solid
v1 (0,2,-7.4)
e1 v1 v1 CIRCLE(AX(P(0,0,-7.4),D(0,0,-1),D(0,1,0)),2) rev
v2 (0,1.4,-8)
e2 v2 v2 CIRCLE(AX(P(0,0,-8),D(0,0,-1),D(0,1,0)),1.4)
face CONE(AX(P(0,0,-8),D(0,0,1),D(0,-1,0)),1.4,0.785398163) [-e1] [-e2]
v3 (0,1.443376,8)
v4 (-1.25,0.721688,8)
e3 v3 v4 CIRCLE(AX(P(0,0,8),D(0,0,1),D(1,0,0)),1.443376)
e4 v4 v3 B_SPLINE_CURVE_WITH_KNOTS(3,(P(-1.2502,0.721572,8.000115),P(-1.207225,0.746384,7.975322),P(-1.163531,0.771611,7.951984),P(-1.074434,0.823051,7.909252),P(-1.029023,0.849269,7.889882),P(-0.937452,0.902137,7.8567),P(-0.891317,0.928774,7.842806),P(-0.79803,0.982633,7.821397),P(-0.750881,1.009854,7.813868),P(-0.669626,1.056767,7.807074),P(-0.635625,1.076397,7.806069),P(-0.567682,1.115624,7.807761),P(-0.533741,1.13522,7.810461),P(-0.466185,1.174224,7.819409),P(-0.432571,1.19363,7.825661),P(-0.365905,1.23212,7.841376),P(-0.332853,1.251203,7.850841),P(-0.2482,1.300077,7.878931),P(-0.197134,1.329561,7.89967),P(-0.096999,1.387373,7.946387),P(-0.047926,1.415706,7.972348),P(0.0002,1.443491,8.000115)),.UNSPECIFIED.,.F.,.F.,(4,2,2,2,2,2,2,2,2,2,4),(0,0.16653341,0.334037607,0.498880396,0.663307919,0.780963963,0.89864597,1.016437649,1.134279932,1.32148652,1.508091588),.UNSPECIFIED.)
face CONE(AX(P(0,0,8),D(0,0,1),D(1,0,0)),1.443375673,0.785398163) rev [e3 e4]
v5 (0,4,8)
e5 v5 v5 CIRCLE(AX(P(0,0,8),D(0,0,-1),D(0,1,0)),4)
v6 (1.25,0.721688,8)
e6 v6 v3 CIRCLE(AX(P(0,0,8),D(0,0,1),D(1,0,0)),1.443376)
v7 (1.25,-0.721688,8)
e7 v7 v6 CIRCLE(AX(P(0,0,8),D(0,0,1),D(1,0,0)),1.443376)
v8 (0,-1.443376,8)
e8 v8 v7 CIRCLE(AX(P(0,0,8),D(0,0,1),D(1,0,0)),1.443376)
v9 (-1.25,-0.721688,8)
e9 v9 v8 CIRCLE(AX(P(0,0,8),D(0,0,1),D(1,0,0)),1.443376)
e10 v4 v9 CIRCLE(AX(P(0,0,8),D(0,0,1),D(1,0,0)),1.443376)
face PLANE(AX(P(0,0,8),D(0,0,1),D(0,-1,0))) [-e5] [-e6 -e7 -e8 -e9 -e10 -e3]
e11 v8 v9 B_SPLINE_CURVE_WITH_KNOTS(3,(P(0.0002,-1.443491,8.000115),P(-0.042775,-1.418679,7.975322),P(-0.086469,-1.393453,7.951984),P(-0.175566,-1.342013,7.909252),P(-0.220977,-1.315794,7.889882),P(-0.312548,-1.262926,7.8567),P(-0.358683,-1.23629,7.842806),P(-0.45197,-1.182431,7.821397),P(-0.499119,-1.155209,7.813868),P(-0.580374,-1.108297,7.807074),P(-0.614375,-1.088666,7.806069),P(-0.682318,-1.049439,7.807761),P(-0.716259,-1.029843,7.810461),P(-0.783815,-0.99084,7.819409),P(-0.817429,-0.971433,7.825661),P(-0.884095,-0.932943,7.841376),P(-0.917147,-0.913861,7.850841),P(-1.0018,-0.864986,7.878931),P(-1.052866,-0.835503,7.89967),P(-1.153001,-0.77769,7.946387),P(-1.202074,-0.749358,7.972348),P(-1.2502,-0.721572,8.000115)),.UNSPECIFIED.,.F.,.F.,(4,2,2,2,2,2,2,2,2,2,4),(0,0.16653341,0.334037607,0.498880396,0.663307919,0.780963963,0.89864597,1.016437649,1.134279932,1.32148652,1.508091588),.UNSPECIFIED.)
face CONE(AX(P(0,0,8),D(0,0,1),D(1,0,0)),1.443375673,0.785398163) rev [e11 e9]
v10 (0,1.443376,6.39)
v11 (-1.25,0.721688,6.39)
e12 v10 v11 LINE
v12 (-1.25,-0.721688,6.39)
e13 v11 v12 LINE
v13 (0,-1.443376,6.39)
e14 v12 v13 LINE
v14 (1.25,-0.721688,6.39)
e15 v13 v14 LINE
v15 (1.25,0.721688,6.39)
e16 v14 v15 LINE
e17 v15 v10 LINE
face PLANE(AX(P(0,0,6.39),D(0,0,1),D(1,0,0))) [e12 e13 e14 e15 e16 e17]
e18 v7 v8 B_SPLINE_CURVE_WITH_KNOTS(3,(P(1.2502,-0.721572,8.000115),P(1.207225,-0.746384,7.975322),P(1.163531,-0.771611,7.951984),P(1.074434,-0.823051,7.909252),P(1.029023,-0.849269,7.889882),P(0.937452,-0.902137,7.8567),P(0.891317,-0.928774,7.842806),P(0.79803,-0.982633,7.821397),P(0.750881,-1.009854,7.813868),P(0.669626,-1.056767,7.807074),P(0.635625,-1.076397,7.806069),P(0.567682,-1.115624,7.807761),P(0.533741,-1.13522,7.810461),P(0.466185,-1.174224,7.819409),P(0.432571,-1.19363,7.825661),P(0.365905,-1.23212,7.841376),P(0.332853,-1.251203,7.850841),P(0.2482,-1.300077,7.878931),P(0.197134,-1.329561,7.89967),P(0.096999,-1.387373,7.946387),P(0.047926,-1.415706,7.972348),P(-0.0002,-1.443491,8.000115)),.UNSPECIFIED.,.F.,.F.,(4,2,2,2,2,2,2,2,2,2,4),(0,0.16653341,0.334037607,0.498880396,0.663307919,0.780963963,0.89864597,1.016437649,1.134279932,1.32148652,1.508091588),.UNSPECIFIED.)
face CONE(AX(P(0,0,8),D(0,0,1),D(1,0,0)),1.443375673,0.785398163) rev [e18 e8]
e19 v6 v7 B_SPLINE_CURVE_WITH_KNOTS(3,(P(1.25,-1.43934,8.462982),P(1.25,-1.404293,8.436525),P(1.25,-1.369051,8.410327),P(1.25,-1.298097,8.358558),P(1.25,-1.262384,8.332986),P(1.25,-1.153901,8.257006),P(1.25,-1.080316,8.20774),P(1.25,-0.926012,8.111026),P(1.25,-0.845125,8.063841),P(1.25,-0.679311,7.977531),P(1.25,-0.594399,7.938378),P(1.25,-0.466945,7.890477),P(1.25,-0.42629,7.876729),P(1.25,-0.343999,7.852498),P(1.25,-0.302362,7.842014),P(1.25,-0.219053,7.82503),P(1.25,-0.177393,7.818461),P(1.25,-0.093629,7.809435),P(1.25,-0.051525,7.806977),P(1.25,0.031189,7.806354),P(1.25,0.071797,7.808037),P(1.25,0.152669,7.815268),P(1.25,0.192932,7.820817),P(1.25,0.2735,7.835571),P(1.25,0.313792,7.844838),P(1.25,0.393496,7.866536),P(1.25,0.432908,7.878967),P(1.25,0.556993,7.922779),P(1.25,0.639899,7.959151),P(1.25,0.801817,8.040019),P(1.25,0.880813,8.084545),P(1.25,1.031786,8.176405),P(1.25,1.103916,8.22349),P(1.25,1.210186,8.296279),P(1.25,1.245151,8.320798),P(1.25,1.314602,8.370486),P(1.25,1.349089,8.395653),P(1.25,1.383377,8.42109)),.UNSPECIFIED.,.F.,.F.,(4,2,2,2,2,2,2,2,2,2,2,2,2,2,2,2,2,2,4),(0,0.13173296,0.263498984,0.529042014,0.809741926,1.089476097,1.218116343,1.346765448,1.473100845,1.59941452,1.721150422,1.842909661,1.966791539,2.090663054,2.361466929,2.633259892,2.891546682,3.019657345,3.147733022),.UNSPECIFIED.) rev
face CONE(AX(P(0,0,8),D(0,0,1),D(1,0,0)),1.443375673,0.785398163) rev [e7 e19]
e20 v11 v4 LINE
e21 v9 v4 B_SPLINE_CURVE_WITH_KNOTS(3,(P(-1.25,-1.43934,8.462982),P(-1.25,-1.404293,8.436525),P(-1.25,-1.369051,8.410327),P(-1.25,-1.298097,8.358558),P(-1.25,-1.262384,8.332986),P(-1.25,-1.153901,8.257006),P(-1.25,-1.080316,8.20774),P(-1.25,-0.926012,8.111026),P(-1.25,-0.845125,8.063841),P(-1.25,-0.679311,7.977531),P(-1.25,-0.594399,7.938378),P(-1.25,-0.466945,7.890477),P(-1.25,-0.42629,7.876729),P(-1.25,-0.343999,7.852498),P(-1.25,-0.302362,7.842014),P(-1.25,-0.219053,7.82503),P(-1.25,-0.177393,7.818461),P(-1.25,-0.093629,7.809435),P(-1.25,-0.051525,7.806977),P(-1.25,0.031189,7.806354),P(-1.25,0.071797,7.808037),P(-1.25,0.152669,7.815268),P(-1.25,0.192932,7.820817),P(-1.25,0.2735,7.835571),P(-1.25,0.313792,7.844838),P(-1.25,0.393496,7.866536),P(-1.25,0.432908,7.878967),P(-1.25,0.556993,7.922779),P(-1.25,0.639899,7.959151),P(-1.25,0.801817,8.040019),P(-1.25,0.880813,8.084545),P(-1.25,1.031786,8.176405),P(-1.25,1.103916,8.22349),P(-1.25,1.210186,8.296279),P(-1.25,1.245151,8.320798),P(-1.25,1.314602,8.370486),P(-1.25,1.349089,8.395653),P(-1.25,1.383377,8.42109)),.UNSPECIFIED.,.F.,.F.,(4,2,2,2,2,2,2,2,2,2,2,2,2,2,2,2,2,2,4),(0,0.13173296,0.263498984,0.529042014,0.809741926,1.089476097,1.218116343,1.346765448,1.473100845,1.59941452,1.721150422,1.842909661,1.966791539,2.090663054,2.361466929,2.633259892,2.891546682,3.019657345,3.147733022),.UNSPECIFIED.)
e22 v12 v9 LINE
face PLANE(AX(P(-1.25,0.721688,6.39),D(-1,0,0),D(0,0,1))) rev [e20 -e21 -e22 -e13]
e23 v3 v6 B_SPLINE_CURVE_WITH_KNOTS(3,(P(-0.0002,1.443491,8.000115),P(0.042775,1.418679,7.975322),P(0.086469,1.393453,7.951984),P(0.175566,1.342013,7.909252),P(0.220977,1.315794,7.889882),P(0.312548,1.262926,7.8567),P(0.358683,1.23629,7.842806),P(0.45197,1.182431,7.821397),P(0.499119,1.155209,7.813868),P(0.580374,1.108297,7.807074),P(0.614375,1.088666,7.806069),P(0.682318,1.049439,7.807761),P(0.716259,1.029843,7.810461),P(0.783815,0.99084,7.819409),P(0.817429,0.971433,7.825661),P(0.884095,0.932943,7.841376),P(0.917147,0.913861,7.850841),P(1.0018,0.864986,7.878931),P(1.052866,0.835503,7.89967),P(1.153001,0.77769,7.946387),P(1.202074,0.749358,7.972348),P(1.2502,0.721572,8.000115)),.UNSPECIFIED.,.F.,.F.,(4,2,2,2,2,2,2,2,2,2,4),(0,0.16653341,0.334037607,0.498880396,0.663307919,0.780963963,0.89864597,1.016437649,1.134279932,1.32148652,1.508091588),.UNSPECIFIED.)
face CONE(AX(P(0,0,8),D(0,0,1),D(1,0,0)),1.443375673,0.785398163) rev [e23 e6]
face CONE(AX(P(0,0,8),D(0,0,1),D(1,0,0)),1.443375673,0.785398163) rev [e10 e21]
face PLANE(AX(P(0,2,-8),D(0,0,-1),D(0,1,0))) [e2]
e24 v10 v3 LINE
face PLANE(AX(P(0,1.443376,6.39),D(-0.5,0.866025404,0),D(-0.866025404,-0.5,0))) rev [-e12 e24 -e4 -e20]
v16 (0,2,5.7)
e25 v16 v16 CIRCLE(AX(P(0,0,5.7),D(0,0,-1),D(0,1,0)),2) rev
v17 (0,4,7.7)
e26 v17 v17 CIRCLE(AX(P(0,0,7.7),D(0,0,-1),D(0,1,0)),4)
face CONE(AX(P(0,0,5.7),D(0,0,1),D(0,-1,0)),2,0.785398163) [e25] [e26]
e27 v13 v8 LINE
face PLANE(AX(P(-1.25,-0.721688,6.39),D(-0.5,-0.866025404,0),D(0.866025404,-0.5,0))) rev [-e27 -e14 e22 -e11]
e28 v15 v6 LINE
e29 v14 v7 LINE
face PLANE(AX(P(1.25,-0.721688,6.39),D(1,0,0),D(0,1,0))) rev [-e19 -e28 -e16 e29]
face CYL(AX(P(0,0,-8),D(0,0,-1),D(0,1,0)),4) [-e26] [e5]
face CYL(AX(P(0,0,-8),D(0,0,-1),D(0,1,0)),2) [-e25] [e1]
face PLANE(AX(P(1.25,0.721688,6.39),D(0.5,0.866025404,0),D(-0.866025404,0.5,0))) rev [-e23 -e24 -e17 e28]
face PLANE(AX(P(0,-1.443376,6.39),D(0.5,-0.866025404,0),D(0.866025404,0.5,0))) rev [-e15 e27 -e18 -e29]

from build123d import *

# Parameters (mm, degrees)
SKETCH3_W          = 16
SKETCH3_H          = 2
CHAMFER1_SIZE      = 0.6
CUT_EXTRUDE1_DEPTH = 1.61
SKETCH9_R          = 1.443375673
CUT_EXTRUDE2_DEPTH = 1.61
CUT_EXTRUDE2_DRAFT = -45


with BuildPart() as part:
    # Sketch3 → Revolve1 (revolve)
    with BuildSketch(Plane(origin=(0, 0, 0), x_dir=(0, 0, -1), z_dir=(1, 0, 0))):
        with Locations((0, 1)):
            Rectangle(SKETCH3_W, SKETCH3_H)
    revolve(axis=Axis((0, 0, -8), (0, 0, 1)))

    # Chamfer1
    chamfer1_edges = [part.edges().sort_by_distance(p)[0] for p in [
        (0, -2, -8),
    ]]
    chamfer(chamfer1_edges, length=CHAMFER1_SIZE)

    # Sketch6 → Revolve2 (revolve)
    with BuildSketch(Plane(origin=(0, 0, 0), x_dir=(0, 0, -1), z_dir=(1, 0, 0))):
        Polygon((-8, 4), (-7.7, 4), (-5.7, 2), (-5.7, 0), (-8, 0), align=None)
    revolve(axis=Axis((0, 0, -8), (0, 0, 1)))

    # Sketch8 → Cut-Extrude1 (cut)
    with BuildSketch(Plane.XY.offset(8)):
        Polygon((0, 1.443375673), (-1.25, 0.721687836), (-1.25, -0.721687836), (0, -1.443375673), (1.25, -0.721687836), (1.25, 0.721687836), align=None)
    extrude(amount=-CUT_EXTRUDE1_DEPTH, mode=Mode.SUBTRACT)


with BuildPart() as cut_extrude2_tool:
    # Sketch9 → Cut-Extrude2 (with draft: the straight prism first)
    with BuildSketch(Plane.XY.offset(8)):
        Circle(SKETCH9_R)
    extrude(amount=-CUT_EXTRUDE2_DEPTH)
    # Cut-Extrude2: the draft: its side faces are tilted about the plane it starts from
    cut_extrude2_sides = [cut_extrude2_tool.faces().sort_by_distance(p)[0] for p in [
        (-1.443375673, 0, 7.195),
    ]]
    draft(cut_extrude2_sides, Plane.XY.offset(8), CUT_EXTRUDE2_DRAFT)


with BuildPart() as part_1:
    add(part.part)

    # Cut-Extrude2: cut by cut_extrude2_tool
    add(cut_extrude2_tool.part, mode=Mode.SUBTRACT)


solid = part_1.part
